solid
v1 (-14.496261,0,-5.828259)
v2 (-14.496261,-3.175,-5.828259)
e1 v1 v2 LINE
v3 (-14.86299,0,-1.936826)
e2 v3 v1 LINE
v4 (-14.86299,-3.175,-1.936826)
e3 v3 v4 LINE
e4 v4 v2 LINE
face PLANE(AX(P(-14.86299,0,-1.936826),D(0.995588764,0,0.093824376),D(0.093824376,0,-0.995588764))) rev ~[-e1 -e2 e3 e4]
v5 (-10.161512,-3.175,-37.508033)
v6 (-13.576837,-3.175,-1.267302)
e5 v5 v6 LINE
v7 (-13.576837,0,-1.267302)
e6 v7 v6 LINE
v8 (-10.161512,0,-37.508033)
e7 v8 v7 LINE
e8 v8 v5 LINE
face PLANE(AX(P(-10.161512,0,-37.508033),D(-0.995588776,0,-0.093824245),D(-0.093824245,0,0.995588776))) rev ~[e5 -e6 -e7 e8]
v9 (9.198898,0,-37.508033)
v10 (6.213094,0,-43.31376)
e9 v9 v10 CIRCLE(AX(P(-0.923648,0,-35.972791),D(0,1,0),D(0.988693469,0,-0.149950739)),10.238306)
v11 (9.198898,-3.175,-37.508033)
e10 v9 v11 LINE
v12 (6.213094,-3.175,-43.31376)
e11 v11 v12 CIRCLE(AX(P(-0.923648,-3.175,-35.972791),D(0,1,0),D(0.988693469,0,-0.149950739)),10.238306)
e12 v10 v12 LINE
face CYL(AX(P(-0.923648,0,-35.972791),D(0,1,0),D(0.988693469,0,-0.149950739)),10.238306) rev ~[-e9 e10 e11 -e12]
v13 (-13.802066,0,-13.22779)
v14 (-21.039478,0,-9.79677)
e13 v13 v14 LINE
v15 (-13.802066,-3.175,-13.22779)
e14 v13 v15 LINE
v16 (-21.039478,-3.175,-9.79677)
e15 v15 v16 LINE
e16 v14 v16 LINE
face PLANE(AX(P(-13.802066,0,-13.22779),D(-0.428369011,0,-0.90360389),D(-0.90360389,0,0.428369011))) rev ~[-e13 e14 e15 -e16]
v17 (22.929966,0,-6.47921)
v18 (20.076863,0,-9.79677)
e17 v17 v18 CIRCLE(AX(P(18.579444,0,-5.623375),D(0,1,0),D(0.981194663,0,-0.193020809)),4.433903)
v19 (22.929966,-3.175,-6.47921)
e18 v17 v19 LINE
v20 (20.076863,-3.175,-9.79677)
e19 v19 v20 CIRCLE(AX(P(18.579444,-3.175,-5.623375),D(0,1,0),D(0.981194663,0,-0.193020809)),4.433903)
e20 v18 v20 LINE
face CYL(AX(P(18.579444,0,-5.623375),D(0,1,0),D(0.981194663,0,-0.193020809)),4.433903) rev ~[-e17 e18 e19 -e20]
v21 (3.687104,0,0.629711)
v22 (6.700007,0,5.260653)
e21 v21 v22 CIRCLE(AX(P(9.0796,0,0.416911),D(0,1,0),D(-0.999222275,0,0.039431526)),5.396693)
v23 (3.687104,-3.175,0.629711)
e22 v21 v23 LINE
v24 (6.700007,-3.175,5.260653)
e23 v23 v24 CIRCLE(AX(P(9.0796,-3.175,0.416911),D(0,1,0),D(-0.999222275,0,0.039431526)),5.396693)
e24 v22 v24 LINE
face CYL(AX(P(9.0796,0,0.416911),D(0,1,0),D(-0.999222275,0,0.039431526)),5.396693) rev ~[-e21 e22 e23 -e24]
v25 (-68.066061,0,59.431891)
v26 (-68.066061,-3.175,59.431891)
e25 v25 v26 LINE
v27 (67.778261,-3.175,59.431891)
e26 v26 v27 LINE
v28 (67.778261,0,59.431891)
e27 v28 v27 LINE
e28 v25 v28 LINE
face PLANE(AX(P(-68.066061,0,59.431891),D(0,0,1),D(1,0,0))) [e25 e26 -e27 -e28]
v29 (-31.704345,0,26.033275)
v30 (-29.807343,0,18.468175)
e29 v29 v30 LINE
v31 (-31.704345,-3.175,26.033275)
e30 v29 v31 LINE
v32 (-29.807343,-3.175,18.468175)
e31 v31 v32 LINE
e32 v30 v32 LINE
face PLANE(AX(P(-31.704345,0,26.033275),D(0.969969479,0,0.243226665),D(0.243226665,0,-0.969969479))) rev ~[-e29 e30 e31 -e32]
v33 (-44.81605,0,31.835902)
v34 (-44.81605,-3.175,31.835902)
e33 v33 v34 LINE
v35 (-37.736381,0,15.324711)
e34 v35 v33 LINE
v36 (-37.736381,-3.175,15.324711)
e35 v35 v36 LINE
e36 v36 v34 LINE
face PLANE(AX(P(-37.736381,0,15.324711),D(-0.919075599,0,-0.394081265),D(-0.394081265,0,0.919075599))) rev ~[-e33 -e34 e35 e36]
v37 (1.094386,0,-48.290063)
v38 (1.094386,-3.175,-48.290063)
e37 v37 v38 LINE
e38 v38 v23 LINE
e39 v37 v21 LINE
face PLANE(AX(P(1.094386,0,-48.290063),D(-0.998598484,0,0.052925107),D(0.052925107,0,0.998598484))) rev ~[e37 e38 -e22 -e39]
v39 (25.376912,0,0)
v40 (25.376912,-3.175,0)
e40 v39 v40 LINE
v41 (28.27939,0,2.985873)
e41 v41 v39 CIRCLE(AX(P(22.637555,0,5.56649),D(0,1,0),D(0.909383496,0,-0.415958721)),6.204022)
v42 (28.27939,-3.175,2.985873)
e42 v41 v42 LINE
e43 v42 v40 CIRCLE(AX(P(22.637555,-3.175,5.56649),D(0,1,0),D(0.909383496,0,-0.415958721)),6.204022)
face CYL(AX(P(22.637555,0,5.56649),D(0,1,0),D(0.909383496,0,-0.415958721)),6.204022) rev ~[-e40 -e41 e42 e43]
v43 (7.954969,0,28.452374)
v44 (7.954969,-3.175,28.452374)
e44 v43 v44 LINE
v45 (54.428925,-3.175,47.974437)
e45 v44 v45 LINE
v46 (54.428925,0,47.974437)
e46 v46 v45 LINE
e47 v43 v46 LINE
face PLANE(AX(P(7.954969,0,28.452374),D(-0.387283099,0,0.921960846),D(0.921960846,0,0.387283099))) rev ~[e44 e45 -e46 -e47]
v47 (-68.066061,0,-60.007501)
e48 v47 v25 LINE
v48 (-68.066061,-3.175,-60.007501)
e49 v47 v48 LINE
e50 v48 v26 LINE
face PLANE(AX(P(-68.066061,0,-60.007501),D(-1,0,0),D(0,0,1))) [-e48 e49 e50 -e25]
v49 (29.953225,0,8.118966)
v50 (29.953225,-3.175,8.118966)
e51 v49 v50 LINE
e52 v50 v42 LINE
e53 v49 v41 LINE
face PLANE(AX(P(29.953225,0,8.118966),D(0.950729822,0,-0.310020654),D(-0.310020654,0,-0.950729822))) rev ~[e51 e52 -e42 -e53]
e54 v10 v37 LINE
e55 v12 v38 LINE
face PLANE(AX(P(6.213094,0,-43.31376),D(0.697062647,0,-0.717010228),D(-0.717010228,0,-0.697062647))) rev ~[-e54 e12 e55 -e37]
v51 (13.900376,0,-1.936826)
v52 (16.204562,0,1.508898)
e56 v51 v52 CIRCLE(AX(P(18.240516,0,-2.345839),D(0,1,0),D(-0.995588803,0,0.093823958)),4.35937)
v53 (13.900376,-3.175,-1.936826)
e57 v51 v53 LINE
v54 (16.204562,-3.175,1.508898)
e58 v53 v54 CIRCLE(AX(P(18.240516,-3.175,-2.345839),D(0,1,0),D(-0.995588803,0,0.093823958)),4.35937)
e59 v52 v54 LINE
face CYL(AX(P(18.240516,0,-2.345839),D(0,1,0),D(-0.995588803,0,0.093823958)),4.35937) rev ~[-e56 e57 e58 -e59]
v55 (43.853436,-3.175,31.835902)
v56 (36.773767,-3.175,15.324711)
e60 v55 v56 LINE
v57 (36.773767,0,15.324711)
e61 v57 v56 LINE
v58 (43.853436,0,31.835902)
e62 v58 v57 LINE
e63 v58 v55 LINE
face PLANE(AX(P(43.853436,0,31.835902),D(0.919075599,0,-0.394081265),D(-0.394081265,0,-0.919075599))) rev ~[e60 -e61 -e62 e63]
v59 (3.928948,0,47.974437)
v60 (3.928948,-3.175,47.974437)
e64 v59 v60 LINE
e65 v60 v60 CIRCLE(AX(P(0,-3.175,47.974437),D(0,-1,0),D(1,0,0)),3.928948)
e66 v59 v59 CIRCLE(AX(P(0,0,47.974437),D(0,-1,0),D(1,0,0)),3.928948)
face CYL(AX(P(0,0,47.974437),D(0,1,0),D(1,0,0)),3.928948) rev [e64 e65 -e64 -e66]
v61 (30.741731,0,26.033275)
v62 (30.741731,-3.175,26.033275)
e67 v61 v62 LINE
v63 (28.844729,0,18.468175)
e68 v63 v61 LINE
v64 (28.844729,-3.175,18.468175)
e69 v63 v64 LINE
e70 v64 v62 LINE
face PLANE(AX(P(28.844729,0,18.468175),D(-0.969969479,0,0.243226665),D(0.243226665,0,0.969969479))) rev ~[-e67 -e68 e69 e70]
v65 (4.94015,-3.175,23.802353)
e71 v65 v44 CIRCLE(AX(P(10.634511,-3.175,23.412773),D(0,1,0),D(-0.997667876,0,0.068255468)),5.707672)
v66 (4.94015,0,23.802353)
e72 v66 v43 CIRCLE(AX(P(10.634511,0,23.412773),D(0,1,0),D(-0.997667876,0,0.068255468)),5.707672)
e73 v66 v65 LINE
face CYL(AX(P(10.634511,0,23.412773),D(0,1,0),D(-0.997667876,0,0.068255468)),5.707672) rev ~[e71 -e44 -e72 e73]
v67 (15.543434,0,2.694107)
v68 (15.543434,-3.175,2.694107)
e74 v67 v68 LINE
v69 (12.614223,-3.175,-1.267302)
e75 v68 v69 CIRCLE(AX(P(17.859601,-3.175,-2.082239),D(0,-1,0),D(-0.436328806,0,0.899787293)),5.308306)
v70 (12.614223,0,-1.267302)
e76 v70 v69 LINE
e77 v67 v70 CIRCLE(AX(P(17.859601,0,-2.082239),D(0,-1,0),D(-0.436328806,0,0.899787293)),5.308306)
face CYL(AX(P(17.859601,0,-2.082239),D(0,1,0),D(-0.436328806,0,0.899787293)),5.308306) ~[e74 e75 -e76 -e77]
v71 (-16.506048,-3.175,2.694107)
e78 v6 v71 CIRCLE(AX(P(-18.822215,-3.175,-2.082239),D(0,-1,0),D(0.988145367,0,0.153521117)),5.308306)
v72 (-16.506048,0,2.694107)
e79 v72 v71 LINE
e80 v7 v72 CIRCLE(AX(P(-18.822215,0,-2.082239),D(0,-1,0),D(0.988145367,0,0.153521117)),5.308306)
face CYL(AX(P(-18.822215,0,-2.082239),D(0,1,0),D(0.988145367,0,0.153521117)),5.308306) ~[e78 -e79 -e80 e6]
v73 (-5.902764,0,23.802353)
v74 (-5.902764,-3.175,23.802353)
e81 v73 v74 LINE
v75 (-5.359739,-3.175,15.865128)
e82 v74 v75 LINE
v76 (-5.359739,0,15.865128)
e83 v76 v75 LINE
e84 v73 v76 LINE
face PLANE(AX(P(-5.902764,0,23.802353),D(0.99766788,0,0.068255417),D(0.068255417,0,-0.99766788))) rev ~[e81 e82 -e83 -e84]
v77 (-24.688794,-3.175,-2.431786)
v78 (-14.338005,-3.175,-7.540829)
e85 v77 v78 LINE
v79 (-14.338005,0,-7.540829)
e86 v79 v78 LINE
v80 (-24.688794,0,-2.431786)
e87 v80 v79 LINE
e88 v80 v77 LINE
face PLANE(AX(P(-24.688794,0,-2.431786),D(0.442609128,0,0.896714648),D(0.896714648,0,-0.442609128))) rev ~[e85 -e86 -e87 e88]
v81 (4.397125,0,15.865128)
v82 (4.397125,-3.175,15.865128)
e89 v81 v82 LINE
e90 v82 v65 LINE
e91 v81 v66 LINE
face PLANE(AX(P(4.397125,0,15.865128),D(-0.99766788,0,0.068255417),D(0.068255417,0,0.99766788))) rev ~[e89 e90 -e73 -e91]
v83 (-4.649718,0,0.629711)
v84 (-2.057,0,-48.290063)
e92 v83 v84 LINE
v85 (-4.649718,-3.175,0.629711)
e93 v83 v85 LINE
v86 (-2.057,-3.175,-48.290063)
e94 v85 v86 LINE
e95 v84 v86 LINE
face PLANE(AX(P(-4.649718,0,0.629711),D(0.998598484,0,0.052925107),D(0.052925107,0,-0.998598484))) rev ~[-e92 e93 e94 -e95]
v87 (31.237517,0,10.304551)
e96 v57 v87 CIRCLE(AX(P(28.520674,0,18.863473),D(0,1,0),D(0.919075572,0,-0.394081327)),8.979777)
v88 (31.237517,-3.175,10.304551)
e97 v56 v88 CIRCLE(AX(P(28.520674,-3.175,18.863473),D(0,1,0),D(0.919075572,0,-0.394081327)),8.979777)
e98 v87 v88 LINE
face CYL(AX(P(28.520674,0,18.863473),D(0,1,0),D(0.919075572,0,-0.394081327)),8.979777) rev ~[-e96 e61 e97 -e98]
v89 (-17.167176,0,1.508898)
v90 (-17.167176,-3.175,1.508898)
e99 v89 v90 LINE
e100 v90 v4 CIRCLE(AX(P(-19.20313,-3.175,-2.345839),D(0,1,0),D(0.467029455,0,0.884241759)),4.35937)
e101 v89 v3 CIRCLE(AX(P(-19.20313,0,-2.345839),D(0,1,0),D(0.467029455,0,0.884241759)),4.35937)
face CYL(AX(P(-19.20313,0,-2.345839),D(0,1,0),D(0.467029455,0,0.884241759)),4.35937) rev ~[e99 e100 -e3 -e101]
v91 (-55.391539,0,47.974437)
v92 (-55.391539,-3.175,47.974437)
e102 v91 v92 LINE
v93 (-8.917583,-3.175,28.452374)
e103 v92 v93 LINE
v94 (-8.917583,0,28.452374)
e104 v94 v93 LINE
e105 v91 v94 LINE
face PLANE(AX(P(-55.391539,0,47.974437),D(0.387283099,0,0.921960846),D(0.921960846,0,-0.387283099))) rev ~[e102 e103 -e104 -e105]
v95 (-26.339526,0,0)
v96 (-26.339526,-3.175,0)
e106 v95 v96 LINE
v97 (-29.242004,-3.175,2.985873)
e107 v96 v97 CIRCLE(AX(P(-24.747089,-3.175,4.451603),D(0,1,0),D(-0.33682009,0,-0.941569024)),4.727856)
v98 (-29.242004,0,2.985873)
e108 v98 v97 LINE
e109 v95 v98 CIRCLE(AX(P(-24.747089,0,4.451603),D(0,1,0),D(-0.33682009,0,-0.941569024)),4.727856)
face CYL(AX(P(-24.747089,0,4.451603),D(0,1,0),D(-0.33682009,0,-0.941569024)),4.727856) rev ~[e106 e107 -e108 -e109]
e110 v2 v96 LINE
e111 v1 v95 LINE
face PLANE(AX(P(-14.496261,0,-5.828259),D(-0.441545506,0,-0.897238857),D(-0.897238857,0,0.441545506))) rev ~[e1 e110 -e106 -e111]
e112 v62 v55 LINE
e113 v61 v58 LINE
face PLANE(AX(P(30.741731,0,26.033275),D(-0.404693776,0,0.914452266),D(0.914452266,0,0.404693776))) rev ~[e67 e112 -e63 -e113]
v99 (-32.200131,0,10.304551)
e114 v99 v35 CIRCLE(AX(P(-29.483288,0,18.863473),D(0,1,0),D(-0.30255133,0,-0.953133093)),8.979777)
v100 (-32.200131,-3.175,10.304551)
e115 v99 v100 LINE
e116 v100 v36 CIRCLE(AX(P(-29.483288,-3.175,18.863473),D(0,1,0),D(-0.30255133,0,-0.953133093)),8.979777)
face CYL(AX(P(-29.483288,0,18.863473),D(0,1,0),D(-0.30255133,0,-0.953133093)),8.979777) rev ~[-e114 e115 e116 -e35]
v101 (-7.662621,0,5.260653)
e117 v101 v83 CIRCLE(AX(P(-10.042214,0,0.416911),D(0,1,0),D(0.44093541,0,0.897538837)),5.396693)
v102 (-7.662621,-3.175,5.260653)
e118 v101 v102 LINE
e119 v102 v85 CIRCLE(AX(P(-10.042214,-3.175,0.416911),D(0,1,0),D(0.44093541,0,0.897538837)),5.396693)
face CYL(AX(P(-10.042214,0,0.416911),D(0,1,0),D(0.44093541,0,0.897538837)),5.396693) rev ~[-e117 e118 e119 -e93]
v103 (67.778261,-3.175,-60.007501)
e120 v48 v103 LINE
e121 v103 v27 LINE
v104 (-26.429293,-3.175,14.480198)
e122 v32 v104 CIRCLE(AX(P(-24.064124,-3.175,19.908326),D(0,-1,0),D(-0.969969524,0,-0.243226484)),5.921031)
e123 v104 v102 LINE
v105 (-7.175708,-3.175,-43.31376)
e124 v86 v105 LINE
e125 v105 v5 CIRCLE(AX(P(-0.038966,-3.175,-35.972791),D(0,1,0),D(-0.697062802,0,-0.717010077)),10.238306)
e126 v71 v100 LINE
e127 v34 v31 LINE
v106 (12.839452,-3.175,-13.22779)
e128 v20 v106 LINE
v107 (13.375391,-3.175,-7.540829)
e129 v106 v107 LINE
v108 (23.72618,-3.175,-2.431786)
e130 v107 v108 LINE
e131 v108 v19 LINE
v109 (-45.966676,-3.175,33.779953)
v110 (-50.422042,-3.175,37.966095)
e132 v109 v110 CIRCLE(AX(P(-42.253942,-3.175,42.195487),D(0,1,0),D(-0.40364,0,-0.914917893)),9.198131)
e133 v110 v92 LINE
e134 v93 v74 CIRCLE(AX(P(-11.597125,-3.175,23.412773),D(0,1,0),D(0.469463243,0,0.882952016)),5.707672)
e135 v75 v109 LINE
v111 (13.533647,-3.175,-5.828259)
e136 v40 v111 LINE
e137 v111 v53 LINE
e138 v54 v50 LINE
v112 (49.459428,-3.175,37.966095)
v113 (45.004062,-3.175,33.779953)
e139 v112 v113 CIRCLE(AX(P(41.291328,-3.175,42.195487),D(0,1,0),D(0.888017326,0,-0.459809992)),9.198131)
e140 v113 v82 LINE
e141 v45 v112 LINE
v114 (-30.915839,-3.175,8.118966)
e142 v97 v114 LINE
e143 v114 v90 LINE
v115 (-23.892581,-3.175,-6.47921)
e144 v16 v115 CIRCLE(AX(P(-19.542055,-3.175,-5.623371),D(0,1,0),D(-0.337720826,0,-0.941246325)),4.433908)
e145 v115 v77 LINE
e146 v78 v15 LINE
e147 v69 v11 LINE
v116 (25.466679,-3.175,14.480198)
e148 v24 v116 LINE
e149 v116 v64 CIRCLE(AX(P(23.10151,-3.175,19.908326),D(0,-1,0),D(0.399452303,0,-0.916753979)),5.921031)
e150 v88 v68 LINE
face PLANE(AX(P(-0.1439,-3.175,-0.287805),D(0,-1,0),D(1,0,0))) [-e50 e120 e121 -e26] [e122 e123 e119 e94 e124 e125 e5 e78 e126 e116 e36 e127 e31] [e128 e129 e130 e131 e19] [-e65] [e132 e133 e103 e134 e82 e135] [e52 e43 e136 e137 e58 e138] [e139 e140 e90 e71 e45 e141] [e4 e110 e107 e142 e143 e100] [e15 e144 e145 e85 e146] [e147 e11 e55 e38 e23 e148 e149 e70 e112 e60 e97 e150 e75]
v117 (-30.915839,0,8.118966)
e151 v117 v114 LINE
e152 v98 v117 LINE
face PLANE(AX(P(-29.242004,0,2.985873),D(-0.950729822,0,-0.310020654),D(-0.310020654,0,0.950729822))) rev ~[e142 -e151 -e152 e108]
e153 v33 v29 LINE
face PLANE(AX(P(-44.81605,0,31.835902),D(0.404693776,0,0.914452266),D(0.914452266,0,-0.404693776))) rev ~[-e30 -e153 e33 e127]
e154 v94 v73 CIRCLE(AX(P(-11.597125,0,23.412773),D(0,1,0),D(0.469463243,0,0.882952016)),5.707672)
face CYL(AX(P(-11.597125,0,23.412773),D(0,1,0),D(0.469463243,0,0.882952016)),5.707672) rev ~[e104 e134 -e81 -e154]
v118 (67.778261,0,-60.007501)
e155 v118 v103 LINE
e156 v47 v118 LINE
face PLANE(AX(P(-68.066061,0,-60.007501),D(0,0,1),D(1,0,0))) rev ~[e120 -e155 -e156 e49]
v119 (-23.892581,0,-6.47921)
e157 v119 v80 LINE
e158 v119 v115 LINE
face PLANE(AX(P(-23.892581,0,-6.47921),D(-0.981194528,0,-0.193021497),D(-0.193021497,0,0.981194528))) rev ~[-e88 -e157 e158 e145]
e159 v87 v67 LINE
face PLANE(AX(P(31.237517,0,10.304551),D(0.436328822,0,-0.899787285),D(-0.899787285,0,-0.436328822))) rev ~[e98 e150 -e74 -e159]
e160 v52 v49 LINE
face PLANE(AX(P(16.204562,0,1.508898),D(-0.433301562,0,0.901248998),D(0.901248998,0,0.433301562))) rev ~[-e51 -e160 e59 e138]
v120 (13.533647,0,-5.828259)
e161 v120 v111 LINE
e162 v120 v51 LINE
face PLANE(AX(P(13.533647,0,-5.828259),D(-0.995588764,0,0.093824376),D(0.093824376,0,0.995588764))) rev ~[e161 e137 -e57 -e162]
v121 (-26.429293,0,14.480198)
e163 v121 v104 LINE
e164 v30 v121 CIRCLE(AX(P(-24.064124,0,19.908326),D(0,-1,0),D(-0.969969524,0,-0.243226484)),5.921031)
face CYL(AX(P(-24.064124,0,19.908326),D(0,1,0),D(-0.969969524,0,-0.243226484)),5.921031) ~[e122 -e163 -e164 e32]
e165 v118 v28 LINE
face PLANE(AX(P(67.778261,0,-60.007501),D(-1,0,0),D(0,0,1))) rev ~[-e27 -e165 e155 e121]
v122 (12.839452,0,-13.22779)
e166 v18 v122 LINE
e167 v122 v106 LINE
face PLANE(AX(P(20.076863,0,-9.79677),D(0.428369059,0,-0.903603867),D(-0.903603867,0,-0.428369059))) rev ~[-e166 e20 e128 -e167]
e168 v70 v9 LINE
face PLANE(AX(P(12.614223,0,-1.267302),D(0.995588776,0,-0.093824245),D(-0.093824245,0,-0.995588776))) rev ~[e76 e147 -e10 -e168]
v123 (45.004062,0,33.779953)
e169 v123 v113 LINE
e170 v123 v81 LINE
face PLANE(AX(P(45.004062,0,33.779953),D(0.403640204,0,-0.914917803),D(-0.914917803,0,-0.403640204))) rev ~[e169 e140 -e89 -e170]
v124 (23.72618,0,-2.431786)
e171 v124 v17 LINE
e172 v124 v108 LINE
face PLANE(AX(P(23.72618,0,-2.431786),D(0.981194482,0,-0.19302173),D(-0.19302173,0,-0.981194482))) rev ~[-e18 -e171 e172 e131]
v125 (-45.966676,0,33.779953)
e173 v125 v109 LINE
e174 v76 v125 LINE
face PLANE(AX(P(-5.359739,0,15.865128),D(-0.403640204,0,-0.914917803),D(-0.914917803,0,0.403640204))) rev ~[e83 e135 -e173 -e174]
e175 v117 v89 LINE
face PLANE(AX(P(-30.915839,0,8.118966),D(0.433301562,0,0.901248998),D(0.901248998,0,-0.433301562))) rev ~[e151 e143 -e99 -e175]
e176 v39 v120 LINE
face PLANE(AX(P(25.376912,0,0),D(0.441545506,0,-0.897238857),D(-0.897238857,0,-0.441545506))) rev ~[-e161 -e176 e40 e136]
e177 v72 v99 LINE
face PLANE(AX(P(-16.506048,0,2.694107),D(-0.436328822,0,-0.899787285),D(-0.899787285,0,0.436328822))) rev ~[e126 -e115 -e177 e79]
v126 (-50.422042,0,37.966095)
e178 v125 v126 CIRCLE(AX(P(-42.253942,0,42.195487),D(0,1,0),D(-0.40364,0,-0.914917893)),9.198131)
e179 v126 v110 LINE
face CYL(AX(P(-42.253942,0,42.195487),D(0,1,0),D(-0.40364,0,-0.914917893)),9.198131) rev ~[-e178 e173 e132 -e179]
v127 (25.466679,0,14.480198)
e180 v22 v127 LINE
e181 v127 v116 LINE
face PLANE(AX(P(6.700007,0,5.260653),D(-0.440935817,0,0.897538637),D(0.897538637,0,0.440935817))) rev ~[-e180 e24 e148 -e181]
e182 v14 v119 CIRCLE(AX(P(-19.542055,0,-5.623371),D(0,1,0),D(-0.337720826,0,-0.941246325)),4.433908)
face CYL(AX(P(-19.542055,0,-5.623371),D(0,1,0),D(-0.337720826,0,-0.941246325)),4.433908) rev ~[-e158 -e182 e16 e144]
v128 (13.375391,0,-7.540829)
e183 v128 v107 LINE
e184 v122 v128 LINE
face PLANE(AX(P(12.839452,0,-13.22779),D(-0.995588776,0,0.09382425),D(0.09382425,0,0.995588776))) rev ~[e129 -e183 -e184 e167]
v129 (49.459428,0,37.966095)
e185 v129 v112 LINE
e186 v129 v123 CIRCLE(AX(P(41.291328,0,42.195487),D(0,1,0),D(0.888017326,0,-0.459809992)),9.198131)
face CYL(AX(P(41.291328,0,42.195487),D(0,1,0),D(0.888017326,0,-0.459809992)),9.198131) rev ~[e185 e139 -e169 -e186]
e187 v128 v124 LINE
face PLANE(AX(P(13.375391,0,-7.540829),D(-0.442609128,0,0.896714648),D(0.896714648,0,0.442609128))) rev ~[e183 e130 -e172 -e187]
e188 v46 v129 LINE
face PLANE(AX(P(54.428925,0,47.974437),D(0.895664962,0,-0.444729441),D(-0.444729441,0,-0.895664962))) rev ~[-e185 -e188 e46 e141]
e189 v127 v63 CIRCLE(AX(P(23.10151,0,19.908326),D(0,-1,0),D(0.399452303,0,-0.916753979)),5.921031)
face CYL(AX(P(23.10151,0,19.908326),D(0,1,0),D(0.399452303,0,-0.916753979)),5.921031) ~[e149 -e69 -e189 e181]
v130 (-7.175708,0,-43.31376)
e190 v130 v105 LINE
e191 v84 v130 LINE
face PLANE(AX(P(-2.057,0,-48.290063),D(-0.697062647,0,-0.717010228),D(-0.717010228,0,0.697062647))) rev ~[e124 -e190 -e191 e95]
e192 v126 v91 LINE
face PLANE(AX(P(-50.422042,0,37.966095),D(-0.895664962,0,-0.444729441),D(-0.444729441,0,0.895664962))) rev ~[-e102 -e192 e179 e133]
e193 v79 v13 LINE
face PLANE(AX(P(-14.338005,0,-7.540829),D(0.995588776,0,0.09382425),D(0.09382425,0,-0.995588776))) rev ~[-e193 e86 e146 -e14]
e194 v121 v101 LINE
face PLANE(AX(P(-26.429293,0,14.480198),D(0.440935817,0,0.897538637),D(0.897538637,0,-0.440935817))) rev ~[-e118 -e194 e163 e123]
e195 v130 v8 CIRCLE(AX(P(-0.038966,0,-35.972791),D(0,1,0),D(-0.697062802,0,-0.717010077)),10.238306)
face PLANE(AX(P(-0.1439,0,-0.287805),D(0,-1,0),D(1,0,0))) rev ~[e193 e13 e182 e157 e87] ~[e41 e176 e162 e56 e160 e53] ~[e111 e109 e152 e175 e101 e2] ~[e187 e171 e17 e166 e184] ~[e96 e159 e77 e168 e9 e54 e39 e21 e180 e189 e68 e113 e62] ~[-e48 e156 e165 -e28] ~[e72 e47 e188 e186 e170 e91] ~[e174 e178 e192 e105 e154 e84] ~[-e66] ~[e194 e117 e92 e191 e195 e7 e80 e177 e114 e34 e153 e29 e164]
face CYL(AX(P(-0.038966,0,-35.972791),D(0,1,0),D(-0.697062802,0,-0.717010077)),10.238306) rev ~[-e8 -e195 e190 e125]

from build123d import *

# Parameters (mm, degrees)
F0_W     = 135.844321
F0_H     = 119.439393
F0_R     = 3.928948
F1_DEPTH = 3.175


with BuildPart() as f1:
    # F0 (on Front) → F1 (new body)
    with BuildSketch(Plane.XZ):
        with Locations((-0.1439, -0.287805)):
            Rectangle(F0_W, F0_H)
        with BuildLine():
            ThreePointArc((-29.807343, 18.468175), (-28.582141, 16.081301), (-26.429293, 14.480198))
            Line((-26.429293, 14.480198), (-7.662621, 5.260653))
            ThreePointArc((-7.662621, 5.260653), (-5.518637, 3.359962), (-4.649718, 0.629711))
            Line((-4.649718, 0.629711), (-2.057, -48.290063))
            Line((-2.057, -48.290063), (-7.175708, -43.31376))
            ThreePointArc((-7.175708, -43.31376), (-9.143765, -40.655263), (-10.161512, -37.508033))
            Line((-10.161512, -37.508033), (-13.576837, -1.267302))
            ThreePointArc((-13.576837, -1.267302), (-14.554027, 1.073816), (-16.506048, 2.694107))
            Line((-16.506048, 2.694107), (-32.200131, 10.304551))
            ThreePointArc((-32.200131, 10.304551), (-35.515317, 12.21133), (-37.736381, 15.324711))
            Line((-37.736381, 15.324711), (-44.81605, 31.835902))
            Line((-44.81605, 31.835902), (-31.704345, 26.033275))
            Line((-31.704345, 26.033275), (-29.807343, 18.468175))
        make_face(mode=Mode.SUBTRACT)
        with BuildLine():
            Line((-13.802066, -13.22779), (-21.039478, -9.79677))
            ThreePointArc((-21.039478, -9.79677), (-22.903777, -8.514454), (-23.892581, -6.47921))
            Line((-23.892581, -6.47921), (-24.688794, -2.431786))
            Line((-24.688794, -2.431786), (-14.338005, -7.540829))
            Line((-14.338005, -7.540829), (-13.802066, -13.22779))
        make_face(mode=Mode.SUBTRACT)
        with BuildLine():
            Line((12.839452, -13.22779), (13.375391, -7.540829))
            Line((13.375391, -7.540829), (23.72618, -2.431786))
            Line((23.72618, -2.431786), (22.929966, -6.47921))
            ThreePointArc((22.929966, -6.47921), (21.941163, -8.514454), (20.076863, -9.79677))
            Line((20.076863, -9.79677), (12.839452, -13.22779))
        make_face(mode=Mode.SUBTRACT)
        with BuildLine():
            Line((28.844729, 18.468175), (30.741731, 26.033275))
            Line((30.741731, 26.033275), (43.853436, 31.835902))
            Line((43.853436, 31.835902), (36.773767, 15.324711))
            ThreePointArc((36.773767, 15.324711), (34.552703, 12.21133), (31.237517, 10.304551))
            Line((31.237517, 10.304551), (15.543434, 2.694107))
            ThreePointArc((15.543434, 2.694107), (13.591413, 1.073816), (12.614223, -1.267302))
            Line((12.614223, -1.267302), (9.198898, -37.508033))
            ThreePointArc((9.198898, -37.508033), (8.181151, -40.655263), (6.213094, -43.31376))
            Line((6.213094, -43.31376), (1.094386, -48.290063))
            Line((1.094386, -48.290063), (3.687104, 0.629711))
            ThreePointArc((3.687104, 0.629711), (4.556023, 3.359962), (6.700007, 5.260653))
            Line((6.700007, 5.260653), (25.466679, 14.480198))
            ThreePointArc((25.466679, 14.480198), (27.619527, 16.081301), (28.844729, 18.468175))
        make_face(mode=Mode.SUBTRACT)
        with BuildLine():
            Line((-14.86299, -1.936826), (-14.496261, -5.828259))
            Line((-14.496261, -5.828259), (-26.339526, 0))
            ThreePointArc((-26.339526, 0), (-28.137196, 1.156182), (-29.242004, 2.985873))
            Line((-29.242004, 2.985873), (-30.915839, 8.118966))
            Line((-30.915839, 8.118966), (-17.167176, 1.508898))
            ThreePointArc((-17.167176, 1.508898), (-15.579334, 0.077425), (-14.86299, -1.936826))
        make_face(mode=Mode.SUBTRACT)
        with BuildLine():
            Line((-55.391539, 47.974437), (-8.917583, 28.452374))
            ThreePointArc((-8.917583, 28.452374), (-6.807946, 26.517815), (-5.902764, 23.802353))
            Line((-5.902764, 23.802353), (-5.359739, 15.865128))
            Line((-5.359739, 15.865128), (-45.966676, 33.779953))
            ThreePointArc((-45.966676, 33.779953), (-48.552315, 35.492047), (-50.422042, 37.966095))
            Line((-50.422042, 37.966095), (-55.391539, 47.974437))
        make_face(mode=Mode.SUBTRACT)
        with BuildLine():
            Line((25.376912, 0), (13.533647, -5.828259))
            Line((13.533647, -5.828259), (13.900376, -1.936826))
            ThreePointArc((13.900376, -1.936826), (14.61672, 0.077425), (16.204562, 1.508898))
            Line((16.204562, 1.508898), (29.953225, 8.118966))
            Line((29.953225, 8.118966), (28.27939, 2.985873))
            ThreePointArc((28.27939, 2.985873), (27.086145, 1.242148), (25.376912, 0))
        make_face(mode=Mode.SUBTRACT)
        with BuildLine():
            ThreePointArc((49.459428, 37.966095), (47.589701, 35.492047), (45.004062, 33.779953))
            Line((45.004062, 33.779953), (4.397125, 15.865128))
            Line((4.397125, 15.865128), (4.94015, 23.802353))
            ThreePointArc((4.94015, 23.802353), (5.845332, 26.517815), (7.954969, 28.452374))
            Line((7.954969, 28.452374), (54.428925, 47.974437))
            Line((54.428925, 47.974437), (49.459428, 37.966095))
        make_face(mode=Mode.SUBTRACT)
        with Locations((0, 47.974437)):
            Circle(F0_R, mode=Mode.SUBTRACT)
    extrude(amount=F1_DEPTH)


solid = f1.part
